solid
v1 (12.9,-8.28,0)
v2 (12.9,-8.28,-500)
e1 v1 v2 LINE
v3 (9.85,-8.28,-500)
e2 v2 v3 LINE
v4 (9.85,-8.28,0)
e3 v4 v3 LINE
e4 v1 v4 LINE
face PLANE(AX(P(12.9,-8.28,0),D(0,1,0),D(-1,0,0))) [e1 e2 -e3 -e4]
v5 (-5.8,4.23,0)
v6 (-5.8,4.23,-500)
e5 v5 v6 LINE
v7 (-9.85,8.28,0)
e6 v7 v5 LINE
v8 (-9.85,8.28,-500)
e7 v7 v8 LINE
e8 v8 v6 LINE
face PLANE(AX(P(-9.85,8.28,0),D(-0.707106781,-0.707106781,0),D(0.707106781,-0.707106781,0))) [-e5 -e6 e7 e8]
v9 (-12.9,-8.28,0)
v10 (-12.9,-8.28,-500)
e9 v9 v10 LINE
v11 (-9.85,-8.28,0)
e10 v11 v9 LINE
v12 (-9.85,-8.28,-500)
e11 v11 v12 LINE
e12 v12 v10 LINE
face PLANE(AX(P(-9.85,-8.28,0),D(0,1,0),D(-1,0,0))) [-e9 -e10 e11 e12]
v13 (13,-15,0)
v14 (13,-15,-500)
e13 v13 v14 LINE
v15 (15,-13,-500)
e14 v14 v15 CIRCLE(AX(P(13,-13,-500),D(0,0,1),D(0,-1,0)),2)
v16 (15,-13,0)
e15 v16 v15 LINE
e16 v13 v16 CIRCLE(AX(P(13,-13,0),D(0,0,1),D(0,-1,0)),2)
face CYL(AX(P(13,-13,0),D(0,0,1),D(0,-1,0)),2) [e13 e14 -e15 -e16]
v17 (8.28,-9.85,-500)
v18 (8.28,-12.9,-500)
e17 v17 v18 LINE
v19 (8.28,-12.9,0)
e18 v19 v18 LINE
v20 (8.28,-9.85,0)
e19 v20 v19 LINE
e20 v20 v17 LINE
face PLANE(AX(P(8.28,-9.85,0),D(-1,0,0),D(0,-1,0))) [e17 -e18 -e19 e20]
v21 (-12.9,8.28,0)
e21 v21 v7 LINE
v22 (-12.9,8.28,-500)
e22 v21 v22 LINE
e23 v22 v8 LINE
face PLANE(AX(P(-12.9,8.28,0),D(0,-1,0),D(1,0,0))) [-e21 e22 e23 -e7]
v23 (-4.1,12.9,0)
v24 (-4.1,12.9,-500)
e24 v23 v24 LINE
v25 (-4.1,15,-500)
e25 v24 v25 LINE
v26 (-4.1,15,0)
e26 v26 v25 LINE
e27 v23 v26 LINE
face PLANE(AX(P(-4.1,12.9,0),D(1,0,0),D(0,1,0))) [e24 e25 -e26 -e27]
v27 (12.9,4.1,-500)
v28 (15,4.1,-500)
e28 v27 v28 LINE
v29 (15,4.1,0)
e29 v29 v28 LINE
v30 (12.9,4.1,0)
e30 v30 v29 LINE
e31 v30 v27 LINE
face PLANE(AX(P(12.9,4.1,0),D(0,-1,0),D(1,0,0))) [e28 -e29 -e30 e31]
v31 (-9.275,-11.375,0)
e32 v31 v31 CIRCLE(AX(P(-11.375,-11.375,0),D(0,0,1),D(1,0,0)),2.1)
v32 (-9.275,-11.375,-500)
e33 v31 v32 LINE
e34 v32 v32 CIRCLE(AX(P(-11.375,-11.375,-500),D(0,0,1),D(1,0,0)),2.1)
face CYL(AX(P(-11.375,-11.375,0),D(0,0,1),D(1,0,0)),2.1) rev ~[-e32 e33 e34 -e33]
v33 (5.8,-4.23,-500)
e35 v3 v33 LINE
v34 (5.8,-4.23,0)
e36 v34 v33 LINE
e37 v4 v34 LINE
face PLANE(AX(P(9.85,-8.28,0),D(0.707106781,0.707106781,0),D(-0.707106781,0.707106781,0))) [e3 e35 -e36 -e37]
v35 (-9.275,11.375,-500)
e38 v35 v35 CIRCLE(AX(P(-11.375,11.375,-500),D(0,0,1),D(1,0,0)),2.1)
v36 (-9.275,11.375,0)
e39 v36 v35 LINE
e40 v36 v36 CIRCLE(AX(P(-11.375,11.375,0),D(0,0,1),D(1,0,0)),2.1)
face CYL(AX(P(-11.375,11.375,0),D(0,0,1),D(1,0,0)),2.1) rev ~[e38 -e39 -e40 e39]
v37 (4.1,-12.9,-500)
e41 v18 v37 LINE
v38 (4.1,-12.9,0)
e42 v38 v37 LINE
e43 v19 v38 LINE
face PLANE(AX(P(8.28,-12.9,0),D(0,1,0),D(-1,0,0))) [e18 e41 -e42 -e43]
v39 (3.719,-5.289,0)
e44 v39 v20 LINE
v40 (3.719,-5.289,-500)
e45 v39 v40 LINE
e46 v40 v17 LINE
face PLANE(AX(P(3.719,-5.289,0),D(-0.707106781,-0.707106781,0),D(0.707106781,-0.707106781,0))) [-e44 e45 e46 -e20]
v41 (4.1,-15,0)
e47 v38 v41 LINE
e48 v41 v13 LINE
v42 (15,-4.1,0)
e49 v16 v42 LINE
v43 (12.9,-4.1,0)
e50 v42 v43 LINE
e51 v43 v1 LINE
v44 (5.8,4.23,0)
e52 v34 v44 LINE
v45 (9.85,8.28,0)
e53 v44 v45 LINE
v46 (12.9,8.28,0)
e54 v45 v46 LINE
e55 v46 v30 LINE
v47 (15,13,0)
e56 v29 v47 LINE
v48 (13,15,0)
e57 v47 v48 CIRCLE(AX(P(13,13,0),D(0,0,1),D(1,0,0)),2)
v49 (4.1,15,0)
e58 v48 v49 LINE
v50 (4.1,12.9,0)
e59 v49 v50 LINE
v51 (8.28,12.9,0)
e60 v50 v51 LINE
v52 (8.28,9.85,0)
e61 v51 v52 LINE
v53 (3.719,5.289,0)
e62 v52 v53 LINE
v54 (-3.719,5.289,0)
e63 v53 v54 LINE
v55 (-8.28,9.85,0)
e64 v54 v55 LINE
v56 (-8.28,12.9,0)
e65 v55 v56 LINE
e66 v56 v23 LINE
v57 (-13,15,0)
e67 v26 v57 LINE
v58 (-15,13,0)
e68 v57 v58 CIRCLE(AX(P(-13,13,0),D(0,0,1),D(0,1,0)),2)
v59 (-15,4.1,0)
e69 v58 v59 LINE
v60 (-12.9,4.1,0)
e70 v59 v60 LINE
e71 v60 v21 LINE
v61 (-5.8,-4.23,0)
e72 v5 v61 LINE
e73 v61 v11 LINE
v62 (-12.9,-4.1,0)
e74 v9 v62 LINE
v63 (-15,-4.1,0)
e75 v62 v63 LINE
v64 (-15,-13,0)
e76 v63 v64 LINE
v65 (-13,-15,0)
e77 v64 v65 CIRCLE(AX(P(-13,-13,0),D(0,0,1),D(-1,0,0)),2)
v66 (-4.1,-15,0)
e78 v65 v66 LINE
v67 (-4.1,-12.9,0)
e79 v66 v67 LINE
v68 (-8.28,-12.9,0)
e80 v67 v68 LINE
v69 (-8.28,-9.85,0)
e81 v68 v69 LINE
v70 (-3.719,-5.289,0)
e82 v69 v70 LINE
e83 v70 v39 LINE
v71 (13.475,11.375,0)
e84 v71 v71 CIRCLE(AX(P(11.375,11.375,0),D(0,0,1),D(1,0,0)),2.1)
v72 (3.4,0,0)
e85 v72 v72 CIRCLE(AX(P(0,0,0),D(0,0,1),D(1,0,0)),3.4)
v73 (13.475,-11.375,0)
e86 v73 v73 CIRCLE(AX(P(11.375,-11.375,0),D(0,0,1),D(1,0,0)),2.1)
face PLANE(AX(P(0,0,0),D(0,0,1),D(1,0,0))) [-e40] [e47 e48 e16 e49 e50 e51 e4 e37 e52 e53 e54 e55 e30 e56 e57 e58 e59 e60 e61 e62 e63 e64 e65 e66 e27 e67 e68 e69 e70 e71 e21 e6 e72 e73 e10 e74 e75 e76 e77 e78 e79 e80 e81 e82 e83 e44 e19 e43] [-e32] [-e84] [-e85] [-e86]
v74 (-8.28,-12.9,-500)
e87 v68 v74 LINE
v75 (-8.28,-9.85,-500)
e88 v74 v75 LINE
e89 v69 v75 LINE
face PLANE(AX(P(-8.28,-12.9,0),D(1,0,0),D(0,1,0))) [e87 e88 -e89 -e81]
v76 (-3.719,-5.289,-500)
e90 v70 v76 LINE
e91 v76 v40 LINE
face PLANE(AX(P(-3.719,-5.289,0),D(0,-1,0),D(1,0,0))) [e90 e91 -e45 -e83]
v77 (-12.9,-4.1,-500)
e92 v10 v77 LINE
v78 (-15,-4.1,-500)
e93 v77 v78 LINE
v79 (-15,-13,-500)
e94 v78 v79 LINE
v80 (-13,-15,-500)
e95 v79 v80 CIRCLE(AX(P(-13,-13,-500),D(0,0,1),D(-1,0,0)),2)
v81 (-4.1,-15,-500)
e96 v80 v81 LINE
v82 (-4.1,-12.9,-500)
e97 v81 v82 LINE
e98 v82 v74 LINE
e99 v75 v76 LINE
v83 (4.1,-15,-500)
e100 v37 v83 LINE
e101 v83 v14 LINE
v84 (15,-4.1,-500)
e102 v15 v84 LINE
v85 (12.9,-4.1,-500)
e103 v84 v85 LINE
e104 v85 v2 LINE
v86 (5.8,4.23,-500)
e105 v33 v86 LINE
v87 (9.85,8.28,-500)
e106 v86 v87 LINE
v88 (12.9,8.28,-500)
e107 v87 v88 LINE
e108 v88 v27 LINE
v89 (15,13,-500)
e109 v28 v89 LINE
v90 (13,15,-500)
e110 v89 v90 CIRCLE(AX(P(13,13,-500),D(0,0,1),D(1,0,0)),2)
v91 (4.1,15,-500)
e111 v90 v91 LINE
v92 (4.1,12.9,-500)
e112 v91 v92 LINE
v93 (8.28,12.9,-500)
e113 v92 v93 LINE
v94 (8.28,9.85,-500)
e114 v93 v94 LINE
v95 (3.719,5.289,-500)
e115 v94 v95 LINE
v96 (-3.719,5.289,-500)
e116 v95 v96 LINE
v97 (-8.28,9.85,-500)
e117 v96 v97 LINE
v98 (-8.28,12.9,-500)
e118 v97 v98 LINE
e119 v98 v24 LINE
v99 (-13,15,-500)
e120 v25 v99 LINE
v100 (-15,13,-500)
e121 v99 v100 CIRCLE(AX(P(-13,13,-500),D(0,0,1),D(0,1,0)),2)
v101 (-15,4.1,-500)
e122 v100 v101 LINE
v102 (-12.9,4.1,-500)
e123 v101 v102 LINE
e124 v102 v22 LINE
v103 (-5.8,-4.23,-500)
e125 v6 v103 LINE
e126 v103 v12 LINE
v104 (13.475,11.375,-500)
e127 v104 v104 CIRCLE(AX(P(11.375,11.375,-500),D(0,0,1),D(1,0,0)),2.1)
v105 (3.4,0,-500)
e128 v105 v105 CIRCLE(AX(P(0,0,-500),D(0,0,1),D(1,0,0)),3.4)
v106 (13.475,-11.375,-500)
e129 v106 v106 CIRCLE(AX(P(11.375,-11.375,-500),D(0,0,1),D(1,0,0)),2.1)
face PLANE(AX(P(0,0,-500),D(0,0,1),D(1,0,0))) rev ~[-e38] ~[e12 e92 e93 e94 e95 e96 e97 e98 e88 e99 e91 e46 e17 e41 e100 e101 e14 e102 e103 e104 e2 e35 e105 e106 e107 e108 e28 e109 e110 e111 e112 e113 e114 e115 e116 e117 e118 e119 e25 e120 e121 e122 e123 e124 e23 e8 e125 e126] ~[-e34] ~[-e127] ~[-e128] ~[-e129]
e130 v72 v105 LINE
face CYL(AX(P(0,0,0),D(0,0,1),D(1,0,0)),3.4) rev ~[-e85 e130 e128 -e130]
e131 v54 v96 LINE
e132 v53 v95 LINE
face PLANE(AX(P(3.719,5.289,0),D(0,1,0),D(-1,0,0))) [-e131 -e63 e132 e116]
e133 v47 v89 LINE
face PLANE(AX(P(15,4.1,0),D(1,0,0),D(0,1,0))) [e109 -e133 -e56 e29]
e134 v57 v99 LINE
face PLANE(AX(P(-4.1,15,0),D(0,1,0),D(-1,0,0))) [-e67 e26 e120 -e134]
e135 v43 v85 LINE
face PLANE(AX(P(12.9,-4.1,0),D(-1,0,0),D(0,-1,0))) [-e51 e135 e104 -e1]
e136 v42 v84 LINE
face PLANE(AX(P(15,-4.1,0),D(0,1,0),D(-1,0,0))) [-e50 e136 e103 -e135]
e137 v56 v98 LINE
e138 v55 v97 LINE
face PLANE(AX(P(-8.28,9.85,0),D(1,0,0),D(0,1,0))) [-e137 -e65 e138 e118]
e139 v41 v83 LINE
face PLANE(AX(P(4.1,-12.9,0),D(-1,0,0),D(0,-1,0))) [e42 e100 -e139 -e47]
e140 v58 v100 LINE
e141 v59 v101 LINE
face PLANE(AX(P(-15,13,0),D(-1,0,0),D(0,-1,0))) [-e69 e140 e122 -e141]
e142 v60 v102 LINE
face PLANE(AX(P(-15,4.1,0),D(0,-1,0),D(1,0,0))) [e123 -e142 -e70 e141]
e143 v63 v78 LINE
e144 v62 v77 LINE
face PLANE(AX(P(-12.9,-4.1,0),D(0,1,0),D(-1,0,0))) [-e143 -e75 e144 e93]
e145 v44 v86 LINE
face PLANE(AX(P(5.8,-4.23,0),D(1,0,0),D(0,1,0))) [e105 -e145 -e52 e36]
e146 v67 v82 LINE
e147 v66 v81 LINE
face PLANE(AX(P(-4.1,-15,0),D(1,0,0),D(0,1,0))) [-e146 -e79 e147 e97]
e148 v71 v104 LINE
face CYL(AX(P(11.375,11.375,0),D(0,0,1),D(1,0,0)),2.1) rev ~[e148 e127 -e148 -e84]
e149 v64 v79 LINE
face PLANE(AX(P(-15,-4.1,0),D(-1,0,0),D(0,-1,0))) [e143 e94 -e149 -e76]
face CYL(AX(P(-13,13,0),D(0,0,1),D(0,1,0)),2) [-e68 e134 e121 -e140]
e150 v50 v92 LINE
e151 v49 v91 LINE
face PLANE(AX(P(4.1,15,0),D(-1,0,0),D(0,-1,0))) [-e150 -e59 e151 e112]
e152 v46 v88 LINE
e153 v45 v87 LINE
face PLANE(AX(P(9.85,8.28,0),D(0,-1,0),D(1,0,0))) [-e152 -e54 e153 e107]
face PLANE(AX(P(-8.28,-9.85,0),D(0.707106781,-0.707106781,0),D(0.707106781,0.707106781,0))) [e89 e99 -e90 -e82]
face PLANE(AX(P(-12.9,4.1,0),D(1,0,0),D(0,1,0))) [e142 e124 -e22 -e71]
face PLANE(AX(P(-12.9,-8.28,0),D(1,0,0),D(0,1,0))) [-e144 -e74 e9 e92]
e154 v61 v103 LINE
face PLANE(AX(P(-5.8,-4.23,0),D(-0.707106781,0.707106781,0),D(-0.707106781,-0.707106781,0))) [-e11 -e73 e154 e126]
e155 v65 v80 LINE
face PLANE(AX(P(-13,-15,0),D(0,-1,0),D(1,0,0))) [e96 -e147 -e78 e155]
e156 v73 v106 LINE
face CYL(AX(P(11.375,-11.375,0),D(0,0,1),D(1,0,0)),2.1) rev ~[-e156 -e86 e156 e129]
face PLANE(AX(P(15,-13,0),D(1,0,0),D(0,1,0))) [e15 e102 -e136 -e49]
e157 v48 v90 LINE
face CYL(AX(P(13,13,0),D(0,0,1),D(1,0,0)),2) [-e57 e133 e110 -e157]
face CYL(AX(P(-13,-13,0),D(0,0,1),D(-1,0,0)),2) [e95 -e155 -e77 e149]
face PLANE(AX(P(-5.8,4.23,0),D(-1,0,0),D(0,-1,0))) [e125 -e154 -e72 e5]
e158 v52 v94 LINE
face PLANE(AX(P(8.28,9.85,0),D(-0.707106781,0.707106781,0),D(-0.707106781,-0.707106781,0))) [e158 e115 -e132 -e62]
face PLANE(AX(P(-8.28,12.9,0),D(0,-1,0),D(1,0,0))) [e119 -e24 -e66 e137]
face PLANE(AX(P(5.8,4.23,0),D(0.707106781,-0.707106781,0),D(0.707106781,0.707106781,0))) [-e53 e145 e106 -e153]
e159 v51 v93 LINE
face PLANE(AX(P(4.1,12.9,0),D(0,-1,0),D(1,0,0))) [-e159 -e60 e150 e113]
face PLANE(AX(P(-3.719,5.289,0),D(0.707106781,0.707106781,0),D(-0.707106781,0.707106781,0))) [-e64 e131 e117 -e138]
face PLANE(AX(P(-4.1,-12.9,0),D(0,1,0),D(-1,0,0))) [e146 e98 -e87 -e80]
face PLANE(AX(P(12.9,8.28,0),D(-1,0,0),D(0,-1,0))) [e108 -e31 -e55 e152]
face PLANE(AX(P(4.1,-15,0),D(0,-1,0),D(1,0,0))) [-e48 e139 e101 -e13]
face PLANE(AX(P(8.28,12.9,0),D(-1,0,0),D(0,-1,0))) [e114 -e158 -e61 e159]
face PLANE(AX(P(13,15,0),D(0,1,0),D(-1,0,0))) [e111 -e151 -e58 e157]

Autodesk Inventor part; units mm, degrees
ref_plane "YZ Plane" through (0, 0, 0) normal (1, 0, 0) x (0, 1, 0)
ref_plane "XZ Plane" through (0, 0, 0) normal (0, 1, 0) x (-1, 0, 0)
ref_plane "XY Plane" through (0, 0, 0) normal (0, 0, 1) x (1, 0, 0)
sketch "Sketch1" plane through (0, 0, 0) normal (0, 0, 1) x (1, 0, 0)
  circle A0 centre (-11.375, 11.375) radius 2.1
  circle A1 centre (-11.375, -11.375) radius 2.1
  line L0 (-15, 4.1) -> (-12.9, 4.1)
  line L1 (-12.9, 4.1) -> (-12.9, 8.28)
  line L2 (-12.9, 8.28) -> (-9.85, 8.28)
  line L3 (-9.85, 8.28) -> (-5.8, 4.23)
  line L4 (-5.8, 4.23) -> (-5.8, -4.23)
  line L5 (-5.8, -4.23) -> (-9.85, -8.28)
  line L6 (-9.85, -8.28) -> (-12.9, -8.28)
  line L7 (-12.9, -8.28) -> (-12.9, -4.1)
  line L8 (-12.9, -4.1) -> (-15, -4.1)
  line L9 (-15, -4.1) -> (-15, -13)
  arc A2 (-15, -13) -> (-13, -15) centre (-13, -13) ccw
  line L10 (-13, -15) -> (-4.1, -15)
  line L11 (-4.1, -15) -> (-4.1, -12.9)
  line L12 (-4.1, -12.9) -> (-8.28, -12.9)
  line L13 (-8.28, -12.9) -> (-8.28, -9.85)
  line L14 (-8.28, -9.85) -> (-3.719, -5.289)
  line L15 (-3.719, -5.289) -> (3.719, -5.289)
  line L16 (3.719, -5.289) -> (8.28, -9.85)
  line L17 (8.28, -9.85) -> (8.28, -12.9)
  line L18 (8.28, -12.9) -> (4.1, -12.9)
  line L19 (4.1, -12.9) -> (4.1, -15)
  line L20 (4.1, -15) -> (13, -15)
  arc A3 (13, -15) -> (15, -13) centre (13, -13) ccw
  line L21 (15, -13) -> (15, -4.1)
  line L22 (15, -4.1) -> (12.9, -4.1)
  line L23 (12.9, -4.1) -> (12.9, -8.28)
  line L24 (12.9, -8.28) -> (9.85, -8.28)
  line L25 (9.85, -8.28) -> (5.8, -4.23)
  line L26 (5.8, -4.23) -> (5.8, 4.23)
  line L27 (5.8, 4.23) -> (9.85, 8.28)
  line L28 (9.85, 8.28) -> (12.9, 8.28)
  line L29 (12.9, 8.28) -> (12.9, 4.1)
  line L30 (12.9, 4.1) -> (15, 4.1)
  line L31 (15, 4.1) -> (15, 13)
  arc A4 (15, 13) -> (13, 15) centre (13, 13) ccw
  line L32 (13, 15) -> (4.1, 15)
  line L33 (4.1, 15) -> (4.1, 12.9)
  line L34 (4.1, 12.9) -> (8.28, 12.9)
  line L35 (8.28, 12.9) -> (8.28, 9.85)
  line L36 (8.28, 9.85) -> (3.719, 5.289)
  line L37 (3.719, 5.289) -> (-3.719, 5.289)
  line L38 (-3.719, 5.289) -> (-8.28, 9.85)
  line L39 (-8.28, 9.85) -> (-8.28, 12.9)
  line L40 (-8.28, 12.9) -> (-4.1, 12.9)
  line L41 (-4.1, 12.9) -> (-4.1, 15)
  line L42 (-4.1, 15) -> (-13, 15)
  arc A5 (-13, 15) -> (-15, 13) centre (-13, 13) ccw
  line L43 (-15, 13) -> (-15, 4.1)
  circle A6 centre (0, 0) radius 3.4
  circle A7 centre (11.375, 11.375) radius 2.1
  circle A8 centre (11.375, -11.375) radius 2.1
extrude "Extrusion1" add sketch "Sketch1" against normal blind 500
properties part number "Metal Profile 50 cm" material "Aluminum 6061-AHC"
